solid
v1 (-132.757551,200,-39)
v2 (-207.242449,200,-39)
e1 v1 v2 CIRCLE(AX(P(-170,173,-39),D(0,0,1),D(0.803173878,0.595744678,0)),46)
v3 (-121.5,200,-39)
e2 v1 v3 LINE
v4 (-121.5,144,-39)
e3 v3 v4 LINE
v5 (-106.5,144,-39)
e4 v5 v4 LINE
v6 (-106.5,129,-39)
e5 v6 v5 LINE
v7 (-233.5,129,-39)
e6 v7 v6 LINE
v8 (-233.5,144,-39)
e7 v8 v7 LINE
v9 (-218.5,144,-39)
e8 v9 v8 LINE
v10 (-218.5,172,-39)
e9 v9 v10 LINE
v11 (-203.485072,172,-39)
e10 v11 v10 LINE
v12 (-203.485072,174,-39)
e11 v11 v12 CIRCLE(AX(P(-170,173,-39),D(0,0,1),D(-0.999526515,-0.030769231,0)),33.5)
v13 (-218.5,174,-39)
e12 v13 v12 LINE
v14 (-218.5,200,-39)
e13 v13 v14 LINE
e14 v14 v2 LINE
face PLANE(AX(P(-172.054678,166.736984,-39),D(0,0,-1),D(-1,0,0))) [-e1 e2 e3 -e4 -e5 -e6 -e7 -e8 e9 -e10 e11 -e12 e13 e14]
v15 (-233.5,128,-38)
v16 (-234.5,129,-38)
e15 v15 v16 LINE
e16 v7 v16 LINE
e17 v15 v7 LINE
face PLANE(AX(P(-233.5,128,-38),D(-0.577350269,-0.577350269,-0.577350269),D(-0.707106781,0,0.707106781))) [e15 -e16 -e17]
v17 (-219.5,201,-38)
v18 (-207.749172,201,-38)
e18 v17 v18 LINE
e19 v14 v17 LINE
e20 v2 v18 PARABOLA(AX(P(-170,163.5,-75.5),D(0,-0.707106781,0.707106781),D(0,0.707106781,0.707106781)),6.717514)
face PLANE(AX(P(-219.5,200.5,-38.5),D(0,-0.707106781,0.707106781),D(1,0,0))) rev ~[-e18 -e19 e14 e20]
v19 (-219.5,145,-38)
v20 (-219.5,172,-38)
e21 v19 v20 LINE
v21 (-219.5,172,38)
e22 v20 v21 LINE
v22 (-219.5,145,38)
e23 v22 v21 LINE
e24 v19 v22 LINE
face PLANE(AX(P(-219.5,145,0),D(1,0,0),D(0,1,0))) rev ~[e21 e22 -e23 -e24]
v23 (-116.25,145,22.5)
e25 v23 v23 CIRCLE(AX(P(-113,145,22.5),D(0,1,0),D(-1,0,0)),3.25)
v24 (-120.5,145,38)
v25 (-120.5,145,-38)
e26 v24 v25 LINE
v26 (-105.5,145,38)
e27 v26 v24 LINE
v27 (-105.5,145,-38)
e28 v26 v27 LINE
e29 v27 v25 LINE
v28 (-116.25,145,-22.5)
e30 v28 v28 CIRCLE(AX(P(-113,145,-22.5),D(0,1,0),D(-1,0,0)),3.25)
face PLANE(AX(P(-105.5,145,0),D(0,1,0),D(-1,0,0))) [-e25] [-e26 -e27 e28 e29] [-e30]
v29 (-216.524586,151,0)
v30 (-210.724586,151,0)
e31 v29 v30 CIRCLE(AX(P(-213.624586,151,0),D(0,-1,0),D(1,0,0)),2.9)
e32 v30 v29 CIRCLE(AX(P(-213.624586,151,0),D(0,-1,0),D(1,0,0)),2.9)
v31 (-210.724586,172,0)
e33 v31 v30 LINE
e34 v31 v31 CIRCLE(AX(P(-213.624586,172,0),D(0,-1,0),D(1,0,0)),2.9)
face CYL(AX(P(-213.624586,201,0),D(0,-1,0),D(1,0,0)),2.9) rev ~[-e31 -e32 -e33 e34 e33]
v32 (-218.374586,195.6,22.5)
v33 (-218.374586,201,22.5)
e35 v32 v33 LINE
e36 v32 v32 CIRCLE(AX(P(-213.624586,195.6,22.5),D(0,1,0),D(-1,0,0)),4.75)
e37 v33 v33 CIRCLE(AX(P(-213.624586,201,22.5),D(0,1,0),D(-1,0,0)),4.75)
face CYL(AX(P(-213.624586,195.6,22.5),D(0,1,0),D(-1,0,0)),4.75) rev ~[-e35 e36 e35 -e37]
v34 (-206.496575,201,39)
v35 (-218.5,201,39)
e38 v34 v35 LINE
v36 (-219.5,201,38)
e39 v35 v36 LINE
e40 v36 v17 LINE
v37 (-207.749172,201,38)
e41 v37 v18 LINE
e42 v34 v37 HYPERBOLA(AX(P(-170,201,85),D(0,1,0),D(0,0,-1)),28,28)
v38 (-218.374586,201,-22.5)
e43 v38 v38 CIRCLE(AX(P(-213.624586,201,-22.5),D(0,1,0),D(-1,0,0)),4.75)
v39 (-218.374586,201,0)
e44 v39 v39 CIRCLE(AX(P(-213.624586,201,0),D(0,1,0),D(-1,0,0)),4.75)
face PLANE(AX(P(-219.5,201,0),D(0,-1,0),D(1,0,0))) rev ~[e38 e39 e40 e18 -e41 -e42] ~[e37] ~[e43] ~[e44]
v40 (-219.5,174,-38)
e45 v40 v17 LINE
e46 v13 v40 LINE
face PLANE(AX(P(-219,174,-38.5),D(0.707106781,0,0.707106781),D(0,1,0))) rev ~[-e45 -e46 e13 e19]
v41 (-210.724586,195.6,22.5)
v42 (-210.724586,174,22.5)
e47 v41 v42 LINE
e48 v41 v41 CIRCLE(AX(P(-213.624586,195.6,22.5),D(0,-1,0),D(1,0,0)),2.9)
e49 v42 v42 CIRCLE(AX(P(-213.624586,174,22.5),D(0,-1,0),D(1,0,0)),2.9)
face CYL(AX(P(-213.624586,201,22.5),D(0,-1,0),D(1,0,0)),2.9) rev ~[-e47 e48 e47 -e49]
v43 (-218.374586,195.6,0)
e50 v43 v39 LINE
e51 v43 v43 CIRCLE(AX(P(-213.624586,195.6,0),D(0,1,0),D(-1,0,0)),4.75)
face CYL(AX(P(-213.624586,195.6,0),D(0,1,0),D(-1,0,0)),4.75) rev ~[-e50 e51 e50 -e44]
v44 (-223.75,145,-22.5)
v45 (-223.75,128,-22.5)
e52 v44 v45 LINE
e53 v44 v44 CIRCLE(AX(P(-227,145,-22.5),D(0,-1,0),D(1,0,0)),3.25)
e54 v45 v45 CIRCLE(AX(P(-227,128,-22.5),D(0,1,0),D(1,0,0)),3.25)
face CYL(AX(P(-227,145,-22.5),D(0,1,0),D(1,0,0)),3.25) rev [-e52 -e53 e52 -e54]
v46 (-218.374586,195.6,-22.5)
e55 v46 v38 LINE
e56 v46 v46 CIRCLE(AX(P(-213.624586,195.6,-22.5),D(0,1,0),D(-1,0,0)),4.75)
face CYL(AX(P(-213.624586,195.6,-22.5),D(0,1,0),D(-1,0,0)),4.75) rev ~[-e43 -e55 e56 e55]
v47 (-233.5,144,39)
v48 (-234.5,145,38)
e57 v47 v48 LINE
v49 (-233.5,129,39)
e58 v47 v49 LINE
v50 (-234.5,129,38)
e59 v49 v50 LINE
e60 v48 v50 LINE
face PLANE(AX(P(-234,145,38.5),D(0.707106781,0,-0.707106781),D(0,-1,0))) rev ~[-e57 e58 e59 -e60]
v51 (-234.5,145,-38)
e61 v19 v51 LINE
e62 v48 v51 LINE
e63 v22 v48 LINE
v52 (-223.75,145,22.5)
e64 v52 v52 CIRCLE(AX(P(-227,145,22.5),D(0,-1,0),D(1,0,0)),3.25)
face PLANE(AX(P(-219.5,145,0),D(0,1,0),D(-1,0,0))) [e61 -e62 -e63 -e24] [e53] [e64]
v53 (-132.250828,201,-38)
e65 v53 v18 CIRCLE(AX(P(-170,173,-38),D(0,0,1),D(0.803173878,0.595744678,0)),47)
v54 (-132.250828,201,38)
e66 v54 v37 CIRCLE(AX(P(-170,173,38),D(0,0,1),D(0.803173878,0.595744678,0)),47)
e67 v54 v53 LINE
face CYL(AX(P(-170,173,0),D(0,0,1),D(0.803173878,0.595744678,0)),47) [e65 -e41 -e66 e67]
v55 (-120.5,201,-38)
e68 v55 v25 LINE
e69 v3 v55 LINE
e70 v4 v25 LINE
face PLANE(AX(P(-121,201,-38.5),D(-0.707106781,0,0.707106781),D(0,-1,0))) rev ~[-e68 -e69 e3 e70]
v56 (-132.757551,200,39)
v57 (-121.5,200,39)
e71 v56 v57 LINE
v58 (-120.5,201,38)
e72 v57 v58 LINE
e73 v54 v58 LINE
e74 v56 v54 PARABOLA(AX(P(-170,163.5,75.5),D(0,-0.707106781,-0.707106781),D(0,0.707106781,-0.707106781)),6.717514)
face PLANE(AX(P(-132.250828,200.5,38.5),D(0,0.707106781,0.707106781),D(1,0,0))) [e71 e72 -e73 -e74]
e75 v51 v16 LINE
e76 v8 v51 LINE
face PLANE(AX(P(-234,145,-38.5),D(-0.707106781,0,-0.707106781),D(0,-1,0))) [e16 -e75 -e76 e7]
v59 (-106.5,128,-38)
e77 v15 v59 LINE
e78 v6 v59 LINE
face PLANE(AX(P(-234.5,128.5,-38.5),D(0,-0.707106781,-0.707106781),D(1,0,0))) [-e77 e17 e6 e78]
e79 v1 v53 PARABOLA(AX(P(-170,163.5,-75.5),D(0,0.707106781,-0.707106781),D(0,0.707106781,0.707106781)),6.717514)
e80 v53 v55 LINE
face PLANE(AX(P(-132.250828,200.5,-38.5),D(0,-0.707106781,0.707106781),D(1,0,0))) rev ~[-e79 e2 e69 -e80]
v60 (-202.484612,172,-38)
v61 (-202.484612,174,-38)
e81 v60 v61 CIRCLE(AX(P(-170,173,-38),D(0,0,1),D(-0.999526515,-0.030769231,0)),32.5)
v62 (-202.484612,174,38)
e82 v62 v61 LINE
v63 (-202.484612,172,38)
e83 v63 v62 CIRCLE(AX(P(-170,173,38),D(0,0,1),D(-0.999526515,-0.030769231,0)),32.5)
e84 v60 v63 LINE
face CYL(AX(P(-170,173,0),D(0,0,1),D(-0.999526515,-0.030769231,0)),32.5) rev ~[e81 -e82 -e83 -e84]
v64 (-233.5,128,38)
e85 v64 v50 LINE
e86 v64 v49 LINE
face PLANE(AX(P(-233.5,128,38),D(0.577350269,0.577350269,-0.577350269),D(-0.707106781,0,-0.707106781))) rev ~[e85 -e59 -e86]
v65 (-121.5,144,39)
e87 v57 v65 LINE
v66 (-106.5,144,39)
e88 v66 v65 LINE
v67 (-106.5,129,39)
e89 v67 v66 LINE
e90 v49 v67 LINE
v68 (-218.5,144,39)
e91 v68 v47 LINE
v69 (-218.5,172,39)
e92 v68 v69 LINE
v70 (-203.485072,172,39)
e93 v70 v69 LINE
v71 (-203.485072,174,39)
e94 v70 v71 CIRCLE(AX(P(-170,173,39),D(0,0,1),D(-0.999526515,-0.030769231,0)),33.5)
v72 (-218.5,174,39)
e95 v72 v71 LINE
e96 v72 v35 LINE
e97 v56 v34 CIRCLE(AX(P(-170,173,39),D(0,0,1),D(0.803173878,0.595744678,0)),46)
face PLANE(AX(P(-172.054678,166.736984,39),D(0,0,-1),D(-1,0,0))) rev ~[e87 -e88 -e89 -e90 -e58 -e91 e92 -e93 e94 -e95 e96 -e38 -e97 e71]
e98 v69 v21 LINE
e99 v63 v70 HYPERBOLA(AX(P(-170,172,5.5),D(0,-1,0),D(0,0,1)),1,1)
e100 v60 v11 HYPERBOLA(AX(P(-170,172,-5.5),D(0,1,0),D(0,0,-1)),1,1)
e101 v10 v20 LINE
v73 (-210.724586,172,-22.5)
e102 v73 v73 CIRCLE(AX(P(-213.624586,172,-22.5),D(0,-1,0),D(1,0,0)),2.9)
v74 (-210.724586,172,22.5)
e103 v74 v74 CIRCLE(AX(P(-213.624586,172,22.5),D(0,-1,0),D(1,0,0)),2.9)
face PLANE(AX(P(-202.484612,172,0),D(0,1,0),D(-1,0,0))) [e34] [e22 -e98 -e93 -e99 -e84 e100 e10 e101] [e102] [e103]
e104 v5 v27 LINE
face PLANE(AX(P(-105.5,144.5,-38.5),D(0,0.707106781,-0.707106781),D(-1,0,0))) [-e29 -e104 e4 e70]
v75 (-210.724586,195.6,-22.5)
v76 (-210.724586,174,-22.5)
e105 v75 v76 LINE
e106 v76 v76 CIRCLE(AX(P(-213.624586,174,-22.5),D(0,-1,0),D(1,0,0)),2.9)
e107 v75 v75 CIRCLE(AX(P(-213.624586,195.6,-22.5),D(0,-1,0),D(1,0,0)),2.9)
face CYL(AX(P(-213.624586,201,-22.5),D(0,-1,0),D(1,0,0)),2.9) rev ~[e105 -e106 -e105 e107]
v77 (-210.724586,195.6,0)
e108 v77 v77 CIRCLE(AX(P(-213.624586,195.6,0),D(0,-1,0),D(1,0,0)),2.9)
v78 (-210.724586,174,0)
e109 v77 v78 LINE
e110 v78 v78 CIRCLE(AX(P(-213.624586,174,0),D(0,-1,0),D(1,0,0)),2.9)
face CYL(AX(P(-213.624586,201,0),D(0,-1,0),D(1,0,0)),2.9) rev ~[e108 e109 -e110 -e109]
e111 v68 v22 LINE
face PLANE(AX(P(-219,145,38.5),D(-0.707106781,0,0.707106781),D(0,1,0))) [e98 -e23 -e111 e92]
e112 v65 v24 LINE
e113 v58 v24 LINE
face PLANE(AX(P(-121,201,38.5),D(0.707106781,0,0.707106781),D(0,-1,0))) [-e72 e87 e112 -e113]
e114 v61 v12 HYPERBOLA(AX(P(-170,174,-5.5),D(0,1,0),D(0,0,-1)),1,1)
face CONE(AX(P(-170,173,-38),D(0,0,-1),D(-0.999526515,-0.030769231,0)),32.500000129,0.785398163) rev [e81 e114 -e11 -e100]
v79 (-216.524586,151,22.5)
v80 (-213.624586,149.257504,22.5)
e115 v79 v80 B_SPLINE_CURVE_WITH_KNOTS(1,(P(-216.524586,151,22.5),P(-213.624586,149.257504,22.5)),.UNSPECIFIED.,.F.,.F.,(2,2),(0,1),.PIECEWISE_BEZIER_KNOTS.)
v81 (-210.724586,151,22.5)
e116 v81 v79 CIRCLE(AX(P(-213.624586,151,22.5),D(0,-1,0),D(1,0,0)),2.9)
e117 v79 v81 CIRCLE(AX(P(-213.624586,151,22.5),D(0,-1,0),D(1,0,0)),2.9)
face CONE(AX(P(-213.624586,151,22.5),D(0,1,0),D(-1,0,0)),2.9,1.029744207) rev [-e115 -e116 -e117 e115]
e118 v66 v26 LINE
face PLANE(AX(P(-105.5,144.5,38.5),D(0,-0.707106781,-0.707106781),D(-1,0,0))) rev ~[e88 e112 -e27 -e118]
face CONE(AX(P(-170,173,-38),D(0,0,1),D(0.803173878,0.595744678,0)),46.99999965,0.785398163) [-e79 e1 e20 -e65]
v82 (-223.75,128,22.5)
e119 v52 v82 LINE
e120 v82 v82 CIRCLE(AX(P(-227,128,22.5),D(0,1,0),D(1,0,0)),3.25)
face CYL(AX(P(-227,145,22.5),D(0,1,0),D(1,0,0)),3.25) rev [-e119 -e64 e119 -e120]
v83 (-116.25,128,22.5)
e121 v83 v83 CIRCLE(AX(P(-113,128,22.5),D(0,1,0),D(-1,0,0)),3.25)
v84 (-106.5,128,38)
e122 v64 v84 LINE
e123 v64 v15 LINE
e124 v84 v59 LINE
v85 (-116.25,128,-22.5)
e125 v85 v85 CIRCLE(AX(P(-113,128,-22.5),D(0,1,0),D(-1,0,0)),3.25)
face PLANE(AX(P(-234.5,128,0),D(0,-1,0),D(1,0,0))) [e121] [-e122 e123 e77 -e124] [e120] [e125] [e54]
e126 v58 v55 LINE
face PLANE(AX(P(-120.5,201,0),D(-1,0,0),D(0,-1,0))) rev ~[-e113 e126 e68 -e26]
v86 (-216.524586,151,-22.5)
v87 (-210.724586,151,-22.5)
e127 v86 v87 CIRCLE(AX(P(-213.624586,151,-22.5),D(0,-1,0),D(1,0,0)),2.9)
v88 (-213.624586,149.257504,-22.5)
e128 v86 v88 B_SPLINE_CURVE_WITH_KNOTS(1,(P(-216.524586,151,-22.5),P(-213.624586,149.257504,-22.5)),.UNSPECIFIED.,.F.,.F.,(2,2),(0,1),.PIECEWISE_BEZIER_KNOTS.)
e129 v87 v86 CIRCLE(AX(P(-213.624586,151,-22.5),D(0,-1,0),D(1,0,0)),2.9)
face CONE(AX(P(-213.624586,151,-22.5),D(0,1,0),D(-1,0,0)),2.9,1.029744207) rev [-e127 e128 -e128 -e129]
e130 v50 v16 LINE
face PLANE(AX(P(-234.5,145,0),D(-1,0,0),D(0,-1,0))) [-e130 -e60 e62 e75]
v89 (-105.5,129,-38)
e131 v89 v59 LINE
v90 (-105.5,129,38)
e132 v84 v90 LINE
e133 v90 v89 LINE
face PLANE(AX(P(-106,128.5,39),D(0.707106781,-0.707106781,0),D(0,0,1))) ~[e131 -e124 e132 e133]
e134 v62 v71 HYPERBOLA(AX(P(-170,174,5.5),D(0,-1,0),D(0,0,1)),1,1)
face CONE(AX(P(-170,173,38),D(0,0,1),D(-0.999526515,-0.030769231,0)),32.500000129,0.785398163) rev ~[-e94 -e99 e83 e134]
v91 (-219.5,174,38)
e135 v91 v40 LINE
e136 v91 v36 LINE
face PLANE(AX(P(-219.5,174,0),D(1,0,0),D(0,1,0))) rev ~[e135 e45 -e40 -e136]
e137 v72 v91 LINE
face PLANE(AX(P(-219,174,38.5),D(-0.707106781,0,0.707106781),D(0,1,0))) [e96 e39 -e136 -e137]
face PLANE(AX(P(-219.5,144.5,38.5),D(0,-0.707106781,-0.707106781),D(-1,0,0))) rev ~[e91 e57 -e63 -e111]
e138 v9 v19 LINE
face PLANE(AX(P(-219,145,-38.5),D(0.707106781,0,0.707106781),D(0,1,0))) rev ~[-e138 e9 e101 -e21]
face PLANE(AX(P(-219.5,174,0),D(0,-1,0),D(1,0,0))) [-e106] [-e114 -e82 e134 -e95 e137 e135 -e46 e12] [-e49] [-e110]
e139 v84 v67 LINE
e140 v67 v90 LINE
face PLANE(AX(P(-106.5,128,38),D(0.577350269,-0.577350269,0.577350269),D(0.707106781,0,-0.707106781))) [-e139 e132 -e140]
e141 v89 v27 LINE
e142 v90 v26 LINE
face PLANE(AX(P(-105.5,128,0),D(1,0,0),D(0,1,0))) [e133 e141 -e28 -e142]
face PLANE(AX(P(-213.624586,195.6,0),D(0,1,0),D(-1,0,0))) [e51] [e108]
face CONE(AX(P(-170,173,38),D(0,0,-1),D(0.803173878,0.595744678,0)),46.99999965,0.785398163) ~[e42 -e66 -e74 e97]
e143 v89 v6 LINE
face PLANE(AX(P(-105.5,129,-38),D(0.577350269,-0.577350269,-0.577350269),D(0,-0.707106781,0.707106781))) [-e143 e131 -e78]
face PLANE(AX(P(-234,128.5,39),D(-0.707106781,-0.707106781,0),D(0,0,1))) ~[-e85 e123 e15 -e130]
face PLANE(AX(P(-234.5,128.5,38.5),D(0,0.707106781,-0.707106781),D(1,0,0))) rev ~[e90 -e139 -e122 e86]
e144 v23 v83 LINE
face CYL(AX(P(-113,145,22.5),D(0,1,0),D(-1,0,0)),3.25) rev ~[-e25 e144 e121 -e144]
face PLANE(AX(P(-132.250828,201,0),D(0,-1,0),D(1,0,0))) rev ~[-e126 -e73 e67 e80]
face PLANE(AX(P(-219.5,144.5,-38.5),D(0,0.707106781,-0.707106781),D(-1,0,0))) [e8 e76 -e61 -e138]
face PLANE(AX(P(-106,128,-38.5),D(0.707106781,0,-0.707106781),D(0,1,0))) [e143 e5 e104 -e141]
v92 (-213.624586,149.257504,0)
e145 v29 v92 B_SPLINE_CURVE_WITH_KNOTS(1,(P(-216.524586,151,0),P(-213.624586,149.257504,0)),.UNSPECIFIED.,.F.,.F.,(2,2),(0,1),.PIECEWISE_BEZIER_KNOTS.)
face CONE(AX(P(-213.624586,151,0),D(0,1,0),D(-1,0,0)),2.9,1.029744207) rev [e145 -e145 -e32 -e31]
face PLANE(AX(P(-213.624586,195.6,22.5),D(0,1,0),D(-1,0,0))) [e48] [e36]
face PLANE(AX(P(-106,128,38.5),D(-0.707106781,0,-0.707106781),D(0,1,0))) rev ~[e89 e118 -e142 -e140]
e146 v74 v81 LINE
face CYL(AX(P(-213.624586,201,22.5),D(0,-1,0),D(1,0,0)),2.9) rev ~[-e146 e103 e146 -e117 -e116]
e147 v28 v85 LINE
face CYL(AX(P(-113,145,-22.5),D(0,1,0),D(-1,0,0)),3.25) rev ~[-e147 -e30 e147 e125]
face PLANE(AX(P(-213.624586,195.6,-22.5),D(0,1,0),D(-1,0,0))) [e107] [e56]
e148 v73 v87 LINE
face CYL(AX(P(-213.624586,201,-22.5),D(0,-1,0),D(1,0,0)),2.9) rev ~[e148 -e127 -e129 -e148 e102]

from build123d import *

# Parameters (mm, degrees)
PAD012_DEPTH            = 39
HOLE003_D               = 5.8
HOLE003_DEPTH           = 50
HOLE003_CBORE_D         = 9.5
HOLE003_CBORE_DEPTH     = 5.4
HOLE003_TIPS_R          = 2.9
CHAMFER002_SIZE         = 1
SKETCH018_R             = 3.25
POCKET002_DEPTH         = 370.209154
BODY004_PLACEMENT_ANGLE = 270


with BuildPart() as part:
    # Sketch016 → Pad012 (new body, symmetric)
    with BuildSketch(Plane.XZ):
        with BuildLine():
            ThreePointArc((-32.484612, -1), (32.5, 0), (-32.484612, 1))
            Line((-49.5, 1), (-32.484612, 1))
            Line((-49.5, 1), (-49.5, 28))
            Line((-49.5, 28), (-37.749172, 28))
            ThreePointArc((37.749172, 28), (0, 47), (-37.749172, 28))
            Line((37.749172, 28), (49.5, 28))
            Line((49.5, 28), (49.5, -28))
            Line((64.5, -28), (49.5, -28))
            Line((64.5, -45), (64.5, -28))
            Line((-64.5, -45), (64.5, -45))
            Line((-64.5, -28), (-64.5, -45))
            Line((-49.5, -28), (-64.5, -28))
            Line((-49.5, -28), (-49.5, -1))
            Line((-32.484612, -1), (-49.5, -1))
        make_face()
    extrude(amount=PAD012_DEPTH, both=True)

    # Hole003
    with Locations(Plane(origin=(0, 0, 28), x_dir=(-1, 0, 0), z_dir=(0, 0, 1))):
        with Locations((43.624586, 0), (43.624586, 22.5), (43.624586, -22.5)):
            CounterBoreHole(HOLE003_D / 2, HOLE003_CBORE_D / 2, HOLE003_CBORE_DEPTH, depth=HOLE003_DEPTH)

    # Hole003 tips → Hole003 tip 1 section 0
    with BuildSketch(Plane(origin=(0, 0, -22), x_dir=(-1, 0, 0), z_dir=(0, 0, 1)), mode=Mode.PRIVATE) as hole003_tip_1_s0:
        with Locations((43.624586, 0)):
            Circle(HOLE003_TIPS_R)
    loft([hole003_tip_1_s0.sketch, Vertex(-43.624586, 0, -23.742496)], mode=Mode.SUBTRACT)

    # Hole003 tips → Hole003 tip 2 section 0
    with BuildSketch(Plane(origin=(0, 0, -22), x_dir=(-1, 0, 0), z_dir=(0, 0, 1)), mode=Mode.PRIVATE) as hole003_tip_2_s0:
        with Locations((43.624586, 22.5)):
            Circle(HOLE003_TIPS_R)
    loft([hole003_tip_2_s0.sketch, Vertex(-43.624586, -22.5, -23.742496)], mode=Mode.SUBTRACT)

    # Hole003 tips → Hole003 tip 3 section 0
    with BuildSketch(Plane(origin=(0, 0, -22), x_dir=(-1, 0, 0), z_dir=(0, 0, 1)), mode=Mode.PRIVATE) as hole003_tip_3_s0:
        with Locations((43.624586, -22.5)):
            Circle(HOLE003_TIPS_R)
    loft([hole003_tip_3_s0.sketch, Vertex(-43.624586, 22.5, -23.742496)], mode=Mode.SUBTRACT)

    # Chamfer002
    chamfer002_edges = [part.edges().sort_by_distance(p)[0] for p in [
        (32.5, 39, 0),
        (32.5, -39, 0),
        (0, -39, 47),
        (43.624586, -39, 28),
        (49.5, -39, 0),
        (57, -39, -28),
        (64.5, -39, -36.5),
        (-64.5, -39, -36.5),
        (-57, -39, -28),
        (-49.5, -39, -14.5),
        (-49.5, -39, 14.5),
        (0, -39, -45),
        (0, 39, 47),
        (-43.624586, 39, 28),
        (-49.5, 39, 14.5),
        (-49.5, 39, -14.5),
        (-57, 39, -28),
        (-64.5, 39, -36.5),
        (0, 39, -45),
        (64.5, 39, -36.5),
        (57, 39, -28),
        (49.5, 39, 0),
        (43.624586, 39, 28),
        (-64.5, 0, -45),
        (64.5, 0, -45),
    ]]
    chamfer(chamfer002_edges, length=CHAMFER002_SIZE)

    # Sketch018 (on Face51 of Chamfer002) → Pocket002 (cut, through all)
    with BuildSketch(Plane(origin=(0, 0, -28), x_dir=(-1, 0, 0), z_dir=(0, 0, 1))):
        with Locations((-57, 22.5)):
            Circle(SKETCH018_R)
        with Locations((-57, -22.5)):
            Circle(SKETCH018_R)
    pocket002 = extrude(amount=-POCKET002_DEPTH, mode=Mode.SUBTRACT)

    # Mirrored001: Pocket002 across YZ
    add(pocket002.mirror(Plane.YZ), mode=Mode.SUBTRACT)


with BuildPart() as part_1:
    # Body004 placement: moved
    add(part.part.moved(Location((-170, 173, 0))).rotate(Axis((-170, 173, 0), (1, 0, 0)), BODY004_PLACEMENT_ANGLE))


solid = part_1.part
